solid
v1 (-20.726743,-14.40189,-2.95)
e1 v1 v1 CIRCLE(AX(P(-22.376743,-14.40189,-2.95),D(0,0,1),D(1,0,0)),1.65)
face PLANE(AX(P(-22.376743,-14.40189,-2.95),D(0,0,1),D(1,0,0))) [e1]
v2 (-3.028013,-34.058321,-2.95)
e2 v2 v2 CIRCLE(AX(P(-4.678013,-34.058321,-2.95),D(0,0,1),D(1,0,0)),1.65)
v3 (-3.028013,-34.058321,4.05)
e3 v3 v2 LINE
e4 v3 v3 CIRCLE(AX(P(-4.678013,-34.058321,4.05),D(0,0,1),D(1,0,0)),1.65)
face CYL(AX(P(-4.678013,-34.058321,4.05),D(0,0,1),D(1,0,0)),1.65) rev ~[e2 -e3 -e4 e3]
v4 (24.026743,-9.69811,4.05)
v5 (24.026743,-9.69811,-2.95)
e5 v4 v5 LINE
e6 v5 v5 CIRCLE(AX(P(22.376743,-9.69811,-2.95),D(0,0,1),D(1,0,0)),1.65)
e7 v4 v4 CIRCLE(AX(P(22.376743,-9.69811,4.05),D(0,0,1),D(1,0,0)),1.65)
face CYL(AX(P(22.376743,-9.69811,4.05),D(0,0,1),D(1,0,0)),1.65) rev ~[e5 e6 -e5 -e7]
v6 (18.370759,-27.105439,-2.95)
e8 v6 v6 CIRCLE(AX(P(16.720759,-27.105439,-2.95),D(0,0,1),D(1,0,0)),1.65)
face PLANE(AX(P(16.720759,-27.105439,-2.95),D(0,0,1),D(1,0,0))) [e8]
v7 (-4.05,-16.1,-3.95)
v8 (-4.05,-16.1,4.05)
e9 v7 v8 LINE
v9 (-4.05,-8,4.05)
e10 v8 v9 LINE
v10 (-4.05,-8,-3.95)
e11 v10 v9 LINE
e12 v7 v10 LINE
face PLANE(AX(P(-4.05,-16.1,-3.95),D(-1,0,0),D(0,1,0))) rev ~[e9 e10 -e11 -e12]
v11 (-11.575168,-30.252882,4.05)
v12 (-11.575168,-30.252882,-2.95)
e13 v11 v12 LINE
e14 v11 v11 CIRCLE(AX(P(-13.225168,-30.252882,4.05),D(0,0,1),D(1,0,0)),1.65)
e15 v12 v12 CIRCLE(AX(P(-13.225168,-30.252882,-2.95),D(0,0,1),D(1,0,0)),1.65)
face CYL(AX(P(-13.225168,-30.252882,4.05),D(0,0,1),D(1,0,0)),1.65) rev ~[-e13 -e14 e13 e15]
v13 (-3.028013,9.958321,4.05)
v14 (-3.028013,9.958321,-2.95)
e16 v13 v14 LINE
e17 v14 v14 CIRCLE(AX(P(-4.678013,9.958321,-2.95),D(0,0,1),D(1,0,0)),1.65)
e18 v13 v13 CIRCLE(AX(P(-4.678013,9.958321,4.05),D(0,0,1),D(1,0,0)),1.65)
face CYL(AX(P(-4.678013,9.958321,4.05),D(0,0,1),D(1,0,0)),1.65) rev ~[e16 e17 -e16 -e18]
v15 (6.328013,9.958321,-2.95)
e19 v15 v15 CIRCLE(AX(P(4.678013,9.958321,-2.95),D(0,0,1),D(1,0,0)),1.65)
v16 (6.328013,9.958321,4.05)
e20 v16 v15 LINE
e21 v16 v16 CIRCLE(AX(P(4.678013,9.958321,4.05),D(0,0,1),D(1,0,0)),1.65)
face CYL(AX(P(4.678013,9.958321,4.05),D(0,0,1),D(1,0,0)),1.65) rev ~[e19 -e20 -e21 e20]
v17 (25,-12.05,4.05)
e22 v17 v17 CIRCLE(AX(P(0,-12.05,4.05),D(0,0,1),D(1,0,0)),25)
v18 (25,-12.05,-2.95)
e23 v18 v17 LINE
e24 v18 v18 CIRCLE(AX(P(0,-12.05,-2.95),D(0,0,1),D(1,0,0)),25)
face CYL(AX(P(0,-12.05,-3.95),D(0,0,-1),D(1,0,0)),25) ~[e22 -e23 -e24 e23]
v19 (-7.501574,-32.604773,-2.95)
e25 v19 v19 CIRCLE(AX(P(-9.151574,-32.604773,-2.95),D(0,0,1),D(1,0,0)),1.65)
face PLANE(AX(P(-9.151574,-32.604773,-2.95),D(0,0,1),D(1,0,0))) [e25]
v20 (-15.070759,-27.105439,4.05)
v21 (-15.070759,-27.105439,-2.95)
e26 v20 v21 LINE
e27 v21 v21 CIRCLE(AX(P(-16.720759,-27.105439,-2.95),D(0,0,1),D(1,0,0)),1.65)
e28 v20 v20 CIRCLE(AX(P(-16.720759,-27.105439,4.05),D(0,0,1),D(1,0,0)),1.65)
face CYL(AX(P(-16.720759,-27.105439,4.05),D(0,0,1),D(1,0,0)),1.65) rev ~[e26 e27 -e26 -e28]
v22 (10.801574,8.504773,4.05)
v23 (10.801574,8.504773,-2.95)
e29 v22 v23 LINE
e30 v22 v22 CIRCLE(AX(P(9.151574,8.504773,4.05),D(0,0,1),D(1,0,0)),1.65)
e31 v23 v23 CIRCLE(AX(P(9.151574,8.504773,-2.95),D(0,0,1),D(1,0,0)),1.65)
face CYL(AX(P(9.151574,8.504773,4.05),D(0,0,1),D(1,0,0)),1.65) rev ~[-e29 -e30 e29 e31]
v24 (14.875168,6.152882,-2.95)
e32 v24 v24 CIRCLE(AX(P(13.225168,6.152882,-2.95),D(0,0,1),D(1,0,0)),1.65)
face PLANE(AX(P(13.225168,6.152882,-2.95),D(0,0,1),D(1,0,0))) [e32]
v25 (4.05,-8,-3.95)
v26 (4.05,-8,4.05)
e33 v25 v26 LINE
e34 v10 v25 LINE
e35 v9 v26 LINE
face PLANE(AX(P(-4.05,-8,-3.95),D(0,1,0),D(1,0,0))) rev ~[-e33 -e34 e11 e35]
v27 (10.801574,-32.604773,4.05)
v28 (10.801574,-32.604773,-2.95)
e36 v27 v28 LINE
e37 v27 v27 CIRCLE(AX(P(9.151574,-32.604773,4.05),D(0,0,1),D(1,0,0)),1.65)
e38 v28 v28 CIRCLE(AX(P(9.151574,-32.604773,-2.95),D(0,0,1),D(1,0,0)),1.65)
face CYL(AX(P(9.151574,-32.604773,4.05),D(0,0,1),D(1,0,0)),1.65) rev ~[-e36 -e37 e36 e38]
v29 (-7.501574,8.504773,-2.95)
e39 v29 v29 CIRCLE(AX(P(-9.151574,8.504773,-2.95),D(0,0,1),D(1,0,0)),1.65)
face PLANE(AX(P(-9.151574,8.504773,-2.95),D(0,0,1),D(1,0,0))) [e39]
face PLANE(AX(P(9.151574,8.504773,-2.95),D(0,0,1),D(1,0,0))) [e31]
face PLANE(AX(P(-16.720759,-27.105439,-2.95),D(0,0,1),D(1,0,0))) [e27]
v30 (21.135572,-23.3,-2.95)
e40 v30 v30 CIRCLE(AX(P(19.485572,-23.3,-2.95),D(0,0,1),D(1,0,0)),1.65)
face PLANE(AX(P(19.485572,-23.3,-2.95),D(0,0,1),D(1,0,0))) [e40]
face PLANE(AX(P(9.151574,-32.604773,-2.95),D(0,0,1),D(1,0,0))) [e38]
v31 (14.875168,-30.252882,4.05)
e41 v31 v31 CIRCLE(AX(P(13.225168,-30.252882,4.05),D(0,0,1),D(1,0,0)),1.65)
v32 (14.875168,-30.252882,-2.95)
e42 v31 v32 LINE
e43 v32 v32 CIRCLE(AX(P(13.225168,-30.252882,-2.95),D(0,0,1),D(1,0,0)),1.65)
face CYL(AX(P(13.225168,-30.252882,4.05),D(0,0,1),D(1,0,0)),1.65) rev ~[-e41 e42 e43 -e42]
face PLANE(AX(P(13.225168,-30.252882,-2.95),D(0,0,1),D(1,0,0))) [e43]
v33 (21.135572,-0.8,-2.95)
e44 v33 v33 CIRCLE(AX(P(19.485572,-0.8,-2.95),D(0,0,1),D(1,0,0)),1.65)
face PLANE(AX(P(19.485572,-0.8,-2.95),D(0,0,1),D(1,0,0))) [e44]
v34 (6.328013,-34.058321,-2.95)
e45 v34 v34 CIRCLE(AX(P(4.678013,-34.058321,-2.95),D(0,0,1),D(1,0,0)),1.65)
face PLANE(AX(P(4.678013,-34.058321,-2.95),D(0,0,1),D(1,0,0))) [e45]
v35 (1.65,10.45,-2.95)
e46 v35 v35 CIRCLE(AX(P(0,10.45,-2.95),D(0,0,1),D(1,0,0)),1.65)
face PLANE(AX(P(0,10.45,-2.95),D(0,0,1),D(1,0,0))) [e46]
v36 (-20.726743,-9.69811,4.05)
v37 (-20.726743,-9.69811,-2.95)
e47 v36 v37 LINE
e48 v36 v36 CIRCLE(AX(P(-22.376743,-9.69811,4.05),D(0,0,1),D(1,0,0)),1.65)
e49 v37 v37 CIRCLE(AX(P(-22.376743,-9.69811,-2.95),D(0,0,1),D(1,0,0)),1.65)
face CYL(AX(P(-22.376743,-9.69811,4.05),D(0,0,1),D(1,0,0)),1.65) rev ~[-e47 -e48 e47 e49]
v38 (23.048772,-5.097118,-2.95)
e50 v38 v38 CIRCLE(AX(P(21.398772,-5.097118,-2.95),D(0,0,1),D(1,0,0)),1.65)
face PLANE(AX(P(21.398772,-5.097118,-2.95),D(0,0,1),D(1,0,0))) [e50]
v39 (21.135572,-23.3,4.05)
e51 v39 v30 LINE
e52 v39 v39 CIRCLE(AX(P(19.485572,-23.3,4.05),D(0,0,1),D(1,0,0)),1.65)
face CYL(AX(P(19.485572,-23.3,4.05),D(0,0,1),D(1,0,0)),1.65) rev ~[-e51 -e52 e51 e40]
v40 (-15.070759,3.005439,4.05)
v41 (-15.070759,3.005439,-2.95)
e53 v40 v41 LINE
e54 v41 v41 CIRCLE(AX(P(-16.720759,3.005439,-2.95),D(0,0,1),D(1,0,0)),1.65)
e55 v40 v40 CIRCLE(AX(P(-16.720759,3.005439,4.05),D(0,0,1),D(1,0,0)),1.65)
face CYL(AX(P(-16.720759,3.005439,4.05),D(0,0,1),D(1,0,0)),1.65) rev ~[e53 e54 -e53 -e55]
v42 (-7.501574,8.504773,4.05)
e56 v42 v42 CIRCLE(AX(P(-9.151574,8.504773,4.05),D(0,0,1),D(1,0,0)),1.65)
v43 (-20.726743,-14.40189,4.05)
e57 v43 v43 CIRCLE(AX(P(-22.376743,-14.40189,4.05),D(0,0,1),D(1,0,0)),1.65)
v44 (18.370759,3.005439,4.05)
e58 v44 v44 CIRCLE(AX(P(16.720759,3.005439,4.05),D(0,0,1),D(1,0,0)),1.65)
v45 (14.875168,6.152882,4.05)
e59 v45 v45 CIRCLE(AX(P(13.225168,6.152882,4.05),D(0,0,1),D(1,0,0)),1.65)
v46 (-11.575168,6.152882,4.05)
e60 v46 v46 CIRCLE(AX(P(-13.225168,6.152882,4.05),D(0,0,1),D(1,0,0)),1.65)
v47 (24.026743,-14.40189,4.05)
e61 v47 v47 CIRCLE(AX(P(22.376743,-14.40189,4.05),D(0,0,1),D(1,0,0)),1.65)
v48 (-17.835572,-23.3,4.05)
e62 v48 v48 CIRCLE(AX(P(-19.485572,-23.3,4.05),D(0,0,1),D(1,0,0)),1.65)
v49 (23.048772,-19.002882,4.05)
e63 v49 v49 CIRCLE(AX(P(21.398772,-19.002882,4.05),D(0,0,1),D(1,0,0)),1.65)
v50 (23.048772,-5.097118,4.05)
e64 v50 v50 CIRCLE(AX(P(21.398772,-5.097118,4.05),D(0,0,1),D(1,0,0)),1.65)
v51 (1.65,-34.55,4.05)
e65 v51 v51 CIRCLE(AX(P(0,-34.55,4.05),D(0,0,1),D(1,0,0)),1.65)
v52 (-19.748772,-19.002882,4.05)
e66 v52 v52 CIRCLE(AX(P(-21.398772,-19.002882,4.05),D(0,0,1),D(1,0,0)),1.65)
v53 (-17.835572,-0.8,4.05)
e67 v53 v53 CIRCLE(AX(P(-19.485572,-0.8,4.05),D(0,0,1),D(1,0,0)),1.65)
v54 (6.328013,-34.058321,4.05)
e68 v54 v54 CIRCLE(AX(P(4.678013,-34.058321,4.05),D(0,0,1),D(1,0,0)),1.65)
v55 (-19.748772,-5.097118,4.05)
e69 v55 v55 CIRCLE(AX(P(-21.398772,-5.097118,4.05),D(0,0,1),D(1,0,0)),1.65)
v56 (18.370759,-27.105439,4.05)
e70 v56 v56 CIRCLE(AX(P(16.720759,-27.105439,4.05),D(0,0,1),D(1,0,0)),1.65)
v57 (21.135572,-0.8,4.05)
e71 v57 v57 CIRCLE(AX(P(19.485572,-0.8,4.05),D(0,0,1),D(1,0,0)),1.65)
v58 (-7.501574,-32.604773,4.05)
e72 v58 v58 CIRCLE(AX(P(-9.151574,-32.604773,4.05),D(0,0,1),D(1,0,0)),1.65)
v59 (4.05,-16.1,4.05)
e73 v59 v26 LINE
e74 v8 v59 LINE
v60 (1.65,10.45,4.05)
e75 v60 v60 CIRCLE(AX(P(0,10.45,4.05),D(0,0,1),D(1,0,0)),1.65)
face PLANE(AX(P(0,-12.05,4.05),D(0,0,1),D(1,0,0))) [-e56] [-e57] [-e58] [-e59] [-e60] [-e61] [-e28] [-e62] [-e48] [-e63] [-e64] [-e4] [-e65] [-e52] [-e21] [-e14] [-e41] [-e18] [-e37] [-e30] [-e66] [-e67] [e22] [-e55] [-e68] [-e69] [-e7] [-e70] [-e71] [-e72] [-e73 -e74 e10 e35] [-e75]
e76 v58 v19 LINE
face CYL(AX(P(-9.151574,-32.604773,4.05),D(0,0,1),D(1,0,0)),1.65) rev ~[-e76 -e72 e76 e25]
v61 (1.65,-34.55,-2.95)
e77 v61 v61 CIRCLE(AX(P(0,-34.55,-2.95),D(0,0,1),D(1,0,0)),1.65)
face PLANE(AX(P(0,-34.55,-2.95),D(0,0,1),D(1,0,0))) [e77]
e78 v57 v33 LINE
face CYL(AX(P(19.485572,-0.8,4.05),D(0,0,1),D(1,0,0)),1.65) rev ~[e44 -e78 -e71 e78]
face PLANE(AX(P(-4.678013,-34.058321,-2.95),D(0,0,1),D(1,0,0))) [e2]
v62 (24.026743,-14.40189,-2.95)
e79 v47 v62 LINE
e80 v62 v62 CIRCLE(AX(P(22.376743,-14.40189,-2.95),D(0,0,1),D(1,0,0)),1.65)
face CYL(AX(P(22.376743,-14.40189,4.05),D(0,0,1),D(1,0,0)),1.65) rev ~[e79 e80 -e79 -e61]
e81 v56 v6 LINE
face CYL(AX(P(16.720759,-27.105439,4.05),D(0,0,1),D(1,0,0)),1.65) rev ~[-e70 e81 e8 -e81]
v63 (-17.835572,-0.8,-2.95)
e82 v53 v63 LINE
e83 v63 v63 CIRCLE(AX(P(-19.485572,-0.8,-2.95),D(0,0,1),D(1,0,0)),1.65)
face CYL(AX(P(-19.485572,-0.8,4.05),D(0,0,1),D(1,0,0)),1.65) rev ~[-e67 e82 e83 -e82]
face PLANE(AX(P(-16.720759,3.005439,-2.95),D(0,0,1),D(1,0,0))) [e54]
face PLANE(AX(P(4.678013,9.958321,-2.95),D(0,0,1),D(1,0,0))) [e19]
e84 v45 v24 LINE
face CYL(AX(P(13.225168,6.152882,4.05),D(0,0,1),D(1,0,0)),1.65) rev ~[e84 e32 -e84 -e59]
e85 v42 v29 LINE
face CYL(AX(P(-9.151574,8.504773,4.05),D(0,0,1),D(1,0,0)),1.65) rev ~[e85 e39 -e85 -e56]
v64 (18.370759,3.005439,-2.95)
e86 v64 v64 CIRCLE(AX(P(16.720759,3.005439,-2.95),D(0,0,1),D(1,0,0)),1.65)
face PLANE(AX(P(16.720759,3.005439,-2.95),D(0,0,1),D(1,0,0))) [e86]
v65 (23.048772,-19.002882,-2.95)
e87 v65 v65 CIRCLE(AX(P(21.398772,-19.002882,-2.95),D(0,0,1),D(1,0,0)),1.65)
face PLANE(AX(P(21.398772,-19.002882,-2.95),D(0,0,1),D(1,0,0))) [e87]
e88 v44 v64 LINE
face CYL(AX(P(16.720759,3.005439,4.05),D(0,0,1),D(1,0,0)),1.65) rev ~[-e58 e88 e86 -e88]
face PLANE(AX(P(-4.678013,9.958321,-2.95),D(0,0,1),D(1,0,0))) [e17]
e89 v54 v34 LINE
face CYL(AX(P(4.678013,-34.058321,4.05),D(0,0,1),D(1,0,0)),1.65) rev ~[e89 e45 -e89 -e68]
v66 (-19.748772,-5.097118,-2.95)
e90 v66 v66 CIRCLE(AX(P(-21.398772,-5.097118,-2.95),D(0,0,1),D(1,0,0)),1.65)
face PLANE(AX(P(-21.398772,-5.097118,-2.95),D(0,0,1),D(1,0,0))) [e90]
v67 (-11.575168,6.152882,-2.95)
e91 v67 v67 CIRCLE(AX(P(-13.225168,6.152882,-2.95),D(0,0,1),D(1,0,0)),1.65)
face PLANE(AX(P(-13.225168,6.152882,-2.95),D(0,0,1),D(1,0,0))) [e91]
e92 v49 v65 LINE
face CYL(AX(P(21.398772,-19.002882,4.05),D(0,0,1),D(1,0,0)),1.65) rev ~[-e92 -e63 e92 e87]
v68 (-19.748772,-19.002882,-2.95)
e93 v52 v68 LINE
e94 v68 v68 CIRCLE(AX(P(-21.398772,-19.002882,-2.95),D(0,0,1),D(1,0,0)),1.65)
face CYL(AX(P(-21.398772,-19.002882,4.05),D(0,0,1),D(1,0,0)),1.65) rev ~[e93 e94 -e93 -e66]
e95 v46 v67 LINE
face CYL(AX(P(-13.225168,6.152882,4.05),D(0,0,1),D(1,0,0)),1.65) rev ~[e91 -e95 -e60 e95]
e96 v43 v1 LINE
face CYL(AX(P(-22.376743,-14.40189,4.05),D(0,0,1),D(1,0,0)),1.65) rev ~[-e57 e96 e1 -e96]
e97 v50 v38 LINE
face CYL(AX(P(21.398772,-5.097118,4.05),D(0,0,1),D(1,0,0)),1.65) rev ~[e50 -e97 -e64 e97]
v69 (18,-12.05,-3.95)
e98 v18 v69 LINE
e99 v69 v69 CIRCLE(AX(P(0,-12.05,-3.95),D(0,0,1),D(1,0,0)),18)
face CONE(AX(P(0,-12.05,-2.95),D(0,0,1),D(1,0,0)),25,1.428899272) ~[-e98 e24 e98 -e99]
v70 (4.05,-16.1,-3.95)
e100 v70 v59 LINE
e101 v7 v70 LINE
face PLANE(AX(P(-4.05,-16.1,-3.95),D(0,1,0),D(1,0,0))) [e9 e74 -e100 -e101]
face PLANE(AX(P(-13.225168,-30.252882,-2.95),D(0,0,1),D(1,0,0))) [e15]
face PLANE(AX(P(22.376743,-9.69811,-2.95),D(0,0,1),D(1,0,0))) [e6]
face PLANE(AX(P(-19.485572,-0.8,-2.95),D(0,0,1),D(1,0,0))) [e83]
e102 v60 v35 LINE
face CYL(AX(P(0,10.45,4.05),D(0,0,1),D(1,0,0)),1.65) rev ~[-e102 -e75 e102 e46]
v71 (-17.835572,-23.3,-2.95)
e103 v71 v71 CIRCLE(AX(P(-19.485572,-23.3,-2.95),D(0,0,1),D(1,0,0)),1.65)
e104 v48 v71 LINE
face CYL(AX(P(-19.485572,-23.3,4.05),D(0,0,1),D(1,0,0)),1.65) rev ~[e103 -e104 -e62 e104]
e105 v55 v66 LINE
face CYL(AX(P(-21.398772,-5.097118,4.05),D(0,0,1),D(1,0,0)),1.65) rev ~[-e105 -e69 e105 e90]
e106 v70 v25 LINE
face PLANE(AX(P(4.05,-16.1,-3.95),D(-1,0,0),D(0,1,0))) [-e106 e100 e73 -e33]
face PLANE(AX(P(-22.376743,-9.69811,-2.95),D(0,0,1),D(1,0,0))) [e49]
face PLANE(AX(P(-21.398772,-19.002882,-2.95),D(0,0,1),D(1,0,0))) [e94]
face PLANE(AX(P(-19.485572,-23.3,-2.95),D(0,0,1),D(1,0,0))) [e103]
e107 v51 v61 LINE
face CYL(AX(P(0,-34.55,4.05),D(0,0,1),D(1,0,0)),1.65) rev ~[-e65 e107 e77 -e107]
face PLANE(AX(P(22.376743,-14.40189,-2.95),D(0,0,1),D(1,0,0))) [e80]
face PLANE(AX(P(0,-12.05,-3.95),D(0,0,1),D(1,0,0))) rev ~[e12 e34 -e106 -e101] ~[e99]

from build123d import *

# Parameters (mm, degrees)
F0_R          = 25
F0_W          = 8.1
F0_H          = 8.1
F1_DEPTH      = 8
F2_R          = 1.65
F3_DEPTH      = 10
F3_DEPTH_BACK = 7
F4_SIZE2      = 7
F4_SIZE       = 1
F5_ANGLE      = 90


with BuildPart() as f1:
    # F0 (on Front) → F1 (new body)
    with BuildSketch(Plane.XZ):
        Circle(F0_R)
        Rectangle(F0_W, F0_H, mode=Mode.SUBTRACT)
    extrude(amount=F1_DEPTH)

    # F2 (on face) → F3 (cut, two sides)
    with BuildSketch(Plane.XZ.offset(8)) as f3_sk:
        with Locations((0, 22.5)):
            Circle(F2_R)
        with Locations((-4.678013, 22.008321)):
            Circle(F2_R)
        with Locations((-9.151574, 20.554773)):
            Circle(F2_R)
        with Locations((-13.225168, 18.202882)):
            Circle(F2_R)
        with Locations((-16.720759, 15.055439)):
            Circle(F2_R)
        with Locations((-19.485572, 11.25)):
            Circle(F2_R)
        with Locations((-21.398772, 6.952882)):
            Circle(F2_R)
        with Locations((-22.376743, 2.35189)):
            Circle(F2_R)
        with Locations((-22.376743, -2.35189)):
            Circle(F2_R)
        with Locations((-21.398772, -6.952882)):
            Circle(F2_R)
        with Locations((-19.485572, -11.25)):
            Circle(F2_R)
        with Locations((-16.720759, -15.055439)):
            Circle(F2_R)
        with Locations((-13.225168, -18.202882)):
            Circle(F2_R)
        with Locations((-9.151574, -20.554773)):
            Circle(F2_R)
        with Locations((-4.678013, -22.008321)):
            Circle(F2_R)
        with Locations((0, -22.5)):
            Circle(F2_R)
        with Locations((4.678013, -22.008321)):
            Circle(F2_R)
        with Locations((9.151574, -20.554773)):
            Circle(F2_R)
        with Locations((13.225168, -18.202882)):
            Circle(F2_R)
        with Locations((16.720759, -15.055439)):
            Circle(F2_R)
        with Locations((19.485572, -11.25)):
            Circle(F2_R)
        with Locations((21.398772, -6.952882)):
            Circle(F2_R)
        with Locations((22.376743, -2.35189)):
            Circle(F2_R)
        with Locations((22.376743, 2.35189)):
            Circle(F2_R)
        with Locations((21.398772, 6.952882)):
            Circle(F2_R)
        with Locations((19.485572, 11.25)):
            Circle(F2_R)
        with Locations((16.720759, 15.055439)):
            Circle(F2_R)
        with Locations((13.225168, 18.202882)):
            Circle(F2_R)
        with Locations((9.151574, 20.554773)):
            Circle(F2_R)
        with Locations((4.678013, 22.008321)):
            Circle(F2_R)
    extrude(amount=F3_DEPTH, mode=Mode.SUBTRACT)
    extrude(f3_sk.sketch, amount=-F3_DEPTH_BACK, mode=Mode.SUBTRACT)

    # F4
    f4_edges = [f1.edges().sort_by_distance(p)[0] for p in [
        (-25, 0, 0),
    ]]
    chamfer(f4_edges, length=F4_SIZE, length2=F4_SIZE2)


with BuildPart() as f1_1:
    # F5: moved
    add(f1.part.rotate(Axis((0, -8, 4.05), (-1, 0, 0)), F5_ANGLE))


solid = f1_1.part
